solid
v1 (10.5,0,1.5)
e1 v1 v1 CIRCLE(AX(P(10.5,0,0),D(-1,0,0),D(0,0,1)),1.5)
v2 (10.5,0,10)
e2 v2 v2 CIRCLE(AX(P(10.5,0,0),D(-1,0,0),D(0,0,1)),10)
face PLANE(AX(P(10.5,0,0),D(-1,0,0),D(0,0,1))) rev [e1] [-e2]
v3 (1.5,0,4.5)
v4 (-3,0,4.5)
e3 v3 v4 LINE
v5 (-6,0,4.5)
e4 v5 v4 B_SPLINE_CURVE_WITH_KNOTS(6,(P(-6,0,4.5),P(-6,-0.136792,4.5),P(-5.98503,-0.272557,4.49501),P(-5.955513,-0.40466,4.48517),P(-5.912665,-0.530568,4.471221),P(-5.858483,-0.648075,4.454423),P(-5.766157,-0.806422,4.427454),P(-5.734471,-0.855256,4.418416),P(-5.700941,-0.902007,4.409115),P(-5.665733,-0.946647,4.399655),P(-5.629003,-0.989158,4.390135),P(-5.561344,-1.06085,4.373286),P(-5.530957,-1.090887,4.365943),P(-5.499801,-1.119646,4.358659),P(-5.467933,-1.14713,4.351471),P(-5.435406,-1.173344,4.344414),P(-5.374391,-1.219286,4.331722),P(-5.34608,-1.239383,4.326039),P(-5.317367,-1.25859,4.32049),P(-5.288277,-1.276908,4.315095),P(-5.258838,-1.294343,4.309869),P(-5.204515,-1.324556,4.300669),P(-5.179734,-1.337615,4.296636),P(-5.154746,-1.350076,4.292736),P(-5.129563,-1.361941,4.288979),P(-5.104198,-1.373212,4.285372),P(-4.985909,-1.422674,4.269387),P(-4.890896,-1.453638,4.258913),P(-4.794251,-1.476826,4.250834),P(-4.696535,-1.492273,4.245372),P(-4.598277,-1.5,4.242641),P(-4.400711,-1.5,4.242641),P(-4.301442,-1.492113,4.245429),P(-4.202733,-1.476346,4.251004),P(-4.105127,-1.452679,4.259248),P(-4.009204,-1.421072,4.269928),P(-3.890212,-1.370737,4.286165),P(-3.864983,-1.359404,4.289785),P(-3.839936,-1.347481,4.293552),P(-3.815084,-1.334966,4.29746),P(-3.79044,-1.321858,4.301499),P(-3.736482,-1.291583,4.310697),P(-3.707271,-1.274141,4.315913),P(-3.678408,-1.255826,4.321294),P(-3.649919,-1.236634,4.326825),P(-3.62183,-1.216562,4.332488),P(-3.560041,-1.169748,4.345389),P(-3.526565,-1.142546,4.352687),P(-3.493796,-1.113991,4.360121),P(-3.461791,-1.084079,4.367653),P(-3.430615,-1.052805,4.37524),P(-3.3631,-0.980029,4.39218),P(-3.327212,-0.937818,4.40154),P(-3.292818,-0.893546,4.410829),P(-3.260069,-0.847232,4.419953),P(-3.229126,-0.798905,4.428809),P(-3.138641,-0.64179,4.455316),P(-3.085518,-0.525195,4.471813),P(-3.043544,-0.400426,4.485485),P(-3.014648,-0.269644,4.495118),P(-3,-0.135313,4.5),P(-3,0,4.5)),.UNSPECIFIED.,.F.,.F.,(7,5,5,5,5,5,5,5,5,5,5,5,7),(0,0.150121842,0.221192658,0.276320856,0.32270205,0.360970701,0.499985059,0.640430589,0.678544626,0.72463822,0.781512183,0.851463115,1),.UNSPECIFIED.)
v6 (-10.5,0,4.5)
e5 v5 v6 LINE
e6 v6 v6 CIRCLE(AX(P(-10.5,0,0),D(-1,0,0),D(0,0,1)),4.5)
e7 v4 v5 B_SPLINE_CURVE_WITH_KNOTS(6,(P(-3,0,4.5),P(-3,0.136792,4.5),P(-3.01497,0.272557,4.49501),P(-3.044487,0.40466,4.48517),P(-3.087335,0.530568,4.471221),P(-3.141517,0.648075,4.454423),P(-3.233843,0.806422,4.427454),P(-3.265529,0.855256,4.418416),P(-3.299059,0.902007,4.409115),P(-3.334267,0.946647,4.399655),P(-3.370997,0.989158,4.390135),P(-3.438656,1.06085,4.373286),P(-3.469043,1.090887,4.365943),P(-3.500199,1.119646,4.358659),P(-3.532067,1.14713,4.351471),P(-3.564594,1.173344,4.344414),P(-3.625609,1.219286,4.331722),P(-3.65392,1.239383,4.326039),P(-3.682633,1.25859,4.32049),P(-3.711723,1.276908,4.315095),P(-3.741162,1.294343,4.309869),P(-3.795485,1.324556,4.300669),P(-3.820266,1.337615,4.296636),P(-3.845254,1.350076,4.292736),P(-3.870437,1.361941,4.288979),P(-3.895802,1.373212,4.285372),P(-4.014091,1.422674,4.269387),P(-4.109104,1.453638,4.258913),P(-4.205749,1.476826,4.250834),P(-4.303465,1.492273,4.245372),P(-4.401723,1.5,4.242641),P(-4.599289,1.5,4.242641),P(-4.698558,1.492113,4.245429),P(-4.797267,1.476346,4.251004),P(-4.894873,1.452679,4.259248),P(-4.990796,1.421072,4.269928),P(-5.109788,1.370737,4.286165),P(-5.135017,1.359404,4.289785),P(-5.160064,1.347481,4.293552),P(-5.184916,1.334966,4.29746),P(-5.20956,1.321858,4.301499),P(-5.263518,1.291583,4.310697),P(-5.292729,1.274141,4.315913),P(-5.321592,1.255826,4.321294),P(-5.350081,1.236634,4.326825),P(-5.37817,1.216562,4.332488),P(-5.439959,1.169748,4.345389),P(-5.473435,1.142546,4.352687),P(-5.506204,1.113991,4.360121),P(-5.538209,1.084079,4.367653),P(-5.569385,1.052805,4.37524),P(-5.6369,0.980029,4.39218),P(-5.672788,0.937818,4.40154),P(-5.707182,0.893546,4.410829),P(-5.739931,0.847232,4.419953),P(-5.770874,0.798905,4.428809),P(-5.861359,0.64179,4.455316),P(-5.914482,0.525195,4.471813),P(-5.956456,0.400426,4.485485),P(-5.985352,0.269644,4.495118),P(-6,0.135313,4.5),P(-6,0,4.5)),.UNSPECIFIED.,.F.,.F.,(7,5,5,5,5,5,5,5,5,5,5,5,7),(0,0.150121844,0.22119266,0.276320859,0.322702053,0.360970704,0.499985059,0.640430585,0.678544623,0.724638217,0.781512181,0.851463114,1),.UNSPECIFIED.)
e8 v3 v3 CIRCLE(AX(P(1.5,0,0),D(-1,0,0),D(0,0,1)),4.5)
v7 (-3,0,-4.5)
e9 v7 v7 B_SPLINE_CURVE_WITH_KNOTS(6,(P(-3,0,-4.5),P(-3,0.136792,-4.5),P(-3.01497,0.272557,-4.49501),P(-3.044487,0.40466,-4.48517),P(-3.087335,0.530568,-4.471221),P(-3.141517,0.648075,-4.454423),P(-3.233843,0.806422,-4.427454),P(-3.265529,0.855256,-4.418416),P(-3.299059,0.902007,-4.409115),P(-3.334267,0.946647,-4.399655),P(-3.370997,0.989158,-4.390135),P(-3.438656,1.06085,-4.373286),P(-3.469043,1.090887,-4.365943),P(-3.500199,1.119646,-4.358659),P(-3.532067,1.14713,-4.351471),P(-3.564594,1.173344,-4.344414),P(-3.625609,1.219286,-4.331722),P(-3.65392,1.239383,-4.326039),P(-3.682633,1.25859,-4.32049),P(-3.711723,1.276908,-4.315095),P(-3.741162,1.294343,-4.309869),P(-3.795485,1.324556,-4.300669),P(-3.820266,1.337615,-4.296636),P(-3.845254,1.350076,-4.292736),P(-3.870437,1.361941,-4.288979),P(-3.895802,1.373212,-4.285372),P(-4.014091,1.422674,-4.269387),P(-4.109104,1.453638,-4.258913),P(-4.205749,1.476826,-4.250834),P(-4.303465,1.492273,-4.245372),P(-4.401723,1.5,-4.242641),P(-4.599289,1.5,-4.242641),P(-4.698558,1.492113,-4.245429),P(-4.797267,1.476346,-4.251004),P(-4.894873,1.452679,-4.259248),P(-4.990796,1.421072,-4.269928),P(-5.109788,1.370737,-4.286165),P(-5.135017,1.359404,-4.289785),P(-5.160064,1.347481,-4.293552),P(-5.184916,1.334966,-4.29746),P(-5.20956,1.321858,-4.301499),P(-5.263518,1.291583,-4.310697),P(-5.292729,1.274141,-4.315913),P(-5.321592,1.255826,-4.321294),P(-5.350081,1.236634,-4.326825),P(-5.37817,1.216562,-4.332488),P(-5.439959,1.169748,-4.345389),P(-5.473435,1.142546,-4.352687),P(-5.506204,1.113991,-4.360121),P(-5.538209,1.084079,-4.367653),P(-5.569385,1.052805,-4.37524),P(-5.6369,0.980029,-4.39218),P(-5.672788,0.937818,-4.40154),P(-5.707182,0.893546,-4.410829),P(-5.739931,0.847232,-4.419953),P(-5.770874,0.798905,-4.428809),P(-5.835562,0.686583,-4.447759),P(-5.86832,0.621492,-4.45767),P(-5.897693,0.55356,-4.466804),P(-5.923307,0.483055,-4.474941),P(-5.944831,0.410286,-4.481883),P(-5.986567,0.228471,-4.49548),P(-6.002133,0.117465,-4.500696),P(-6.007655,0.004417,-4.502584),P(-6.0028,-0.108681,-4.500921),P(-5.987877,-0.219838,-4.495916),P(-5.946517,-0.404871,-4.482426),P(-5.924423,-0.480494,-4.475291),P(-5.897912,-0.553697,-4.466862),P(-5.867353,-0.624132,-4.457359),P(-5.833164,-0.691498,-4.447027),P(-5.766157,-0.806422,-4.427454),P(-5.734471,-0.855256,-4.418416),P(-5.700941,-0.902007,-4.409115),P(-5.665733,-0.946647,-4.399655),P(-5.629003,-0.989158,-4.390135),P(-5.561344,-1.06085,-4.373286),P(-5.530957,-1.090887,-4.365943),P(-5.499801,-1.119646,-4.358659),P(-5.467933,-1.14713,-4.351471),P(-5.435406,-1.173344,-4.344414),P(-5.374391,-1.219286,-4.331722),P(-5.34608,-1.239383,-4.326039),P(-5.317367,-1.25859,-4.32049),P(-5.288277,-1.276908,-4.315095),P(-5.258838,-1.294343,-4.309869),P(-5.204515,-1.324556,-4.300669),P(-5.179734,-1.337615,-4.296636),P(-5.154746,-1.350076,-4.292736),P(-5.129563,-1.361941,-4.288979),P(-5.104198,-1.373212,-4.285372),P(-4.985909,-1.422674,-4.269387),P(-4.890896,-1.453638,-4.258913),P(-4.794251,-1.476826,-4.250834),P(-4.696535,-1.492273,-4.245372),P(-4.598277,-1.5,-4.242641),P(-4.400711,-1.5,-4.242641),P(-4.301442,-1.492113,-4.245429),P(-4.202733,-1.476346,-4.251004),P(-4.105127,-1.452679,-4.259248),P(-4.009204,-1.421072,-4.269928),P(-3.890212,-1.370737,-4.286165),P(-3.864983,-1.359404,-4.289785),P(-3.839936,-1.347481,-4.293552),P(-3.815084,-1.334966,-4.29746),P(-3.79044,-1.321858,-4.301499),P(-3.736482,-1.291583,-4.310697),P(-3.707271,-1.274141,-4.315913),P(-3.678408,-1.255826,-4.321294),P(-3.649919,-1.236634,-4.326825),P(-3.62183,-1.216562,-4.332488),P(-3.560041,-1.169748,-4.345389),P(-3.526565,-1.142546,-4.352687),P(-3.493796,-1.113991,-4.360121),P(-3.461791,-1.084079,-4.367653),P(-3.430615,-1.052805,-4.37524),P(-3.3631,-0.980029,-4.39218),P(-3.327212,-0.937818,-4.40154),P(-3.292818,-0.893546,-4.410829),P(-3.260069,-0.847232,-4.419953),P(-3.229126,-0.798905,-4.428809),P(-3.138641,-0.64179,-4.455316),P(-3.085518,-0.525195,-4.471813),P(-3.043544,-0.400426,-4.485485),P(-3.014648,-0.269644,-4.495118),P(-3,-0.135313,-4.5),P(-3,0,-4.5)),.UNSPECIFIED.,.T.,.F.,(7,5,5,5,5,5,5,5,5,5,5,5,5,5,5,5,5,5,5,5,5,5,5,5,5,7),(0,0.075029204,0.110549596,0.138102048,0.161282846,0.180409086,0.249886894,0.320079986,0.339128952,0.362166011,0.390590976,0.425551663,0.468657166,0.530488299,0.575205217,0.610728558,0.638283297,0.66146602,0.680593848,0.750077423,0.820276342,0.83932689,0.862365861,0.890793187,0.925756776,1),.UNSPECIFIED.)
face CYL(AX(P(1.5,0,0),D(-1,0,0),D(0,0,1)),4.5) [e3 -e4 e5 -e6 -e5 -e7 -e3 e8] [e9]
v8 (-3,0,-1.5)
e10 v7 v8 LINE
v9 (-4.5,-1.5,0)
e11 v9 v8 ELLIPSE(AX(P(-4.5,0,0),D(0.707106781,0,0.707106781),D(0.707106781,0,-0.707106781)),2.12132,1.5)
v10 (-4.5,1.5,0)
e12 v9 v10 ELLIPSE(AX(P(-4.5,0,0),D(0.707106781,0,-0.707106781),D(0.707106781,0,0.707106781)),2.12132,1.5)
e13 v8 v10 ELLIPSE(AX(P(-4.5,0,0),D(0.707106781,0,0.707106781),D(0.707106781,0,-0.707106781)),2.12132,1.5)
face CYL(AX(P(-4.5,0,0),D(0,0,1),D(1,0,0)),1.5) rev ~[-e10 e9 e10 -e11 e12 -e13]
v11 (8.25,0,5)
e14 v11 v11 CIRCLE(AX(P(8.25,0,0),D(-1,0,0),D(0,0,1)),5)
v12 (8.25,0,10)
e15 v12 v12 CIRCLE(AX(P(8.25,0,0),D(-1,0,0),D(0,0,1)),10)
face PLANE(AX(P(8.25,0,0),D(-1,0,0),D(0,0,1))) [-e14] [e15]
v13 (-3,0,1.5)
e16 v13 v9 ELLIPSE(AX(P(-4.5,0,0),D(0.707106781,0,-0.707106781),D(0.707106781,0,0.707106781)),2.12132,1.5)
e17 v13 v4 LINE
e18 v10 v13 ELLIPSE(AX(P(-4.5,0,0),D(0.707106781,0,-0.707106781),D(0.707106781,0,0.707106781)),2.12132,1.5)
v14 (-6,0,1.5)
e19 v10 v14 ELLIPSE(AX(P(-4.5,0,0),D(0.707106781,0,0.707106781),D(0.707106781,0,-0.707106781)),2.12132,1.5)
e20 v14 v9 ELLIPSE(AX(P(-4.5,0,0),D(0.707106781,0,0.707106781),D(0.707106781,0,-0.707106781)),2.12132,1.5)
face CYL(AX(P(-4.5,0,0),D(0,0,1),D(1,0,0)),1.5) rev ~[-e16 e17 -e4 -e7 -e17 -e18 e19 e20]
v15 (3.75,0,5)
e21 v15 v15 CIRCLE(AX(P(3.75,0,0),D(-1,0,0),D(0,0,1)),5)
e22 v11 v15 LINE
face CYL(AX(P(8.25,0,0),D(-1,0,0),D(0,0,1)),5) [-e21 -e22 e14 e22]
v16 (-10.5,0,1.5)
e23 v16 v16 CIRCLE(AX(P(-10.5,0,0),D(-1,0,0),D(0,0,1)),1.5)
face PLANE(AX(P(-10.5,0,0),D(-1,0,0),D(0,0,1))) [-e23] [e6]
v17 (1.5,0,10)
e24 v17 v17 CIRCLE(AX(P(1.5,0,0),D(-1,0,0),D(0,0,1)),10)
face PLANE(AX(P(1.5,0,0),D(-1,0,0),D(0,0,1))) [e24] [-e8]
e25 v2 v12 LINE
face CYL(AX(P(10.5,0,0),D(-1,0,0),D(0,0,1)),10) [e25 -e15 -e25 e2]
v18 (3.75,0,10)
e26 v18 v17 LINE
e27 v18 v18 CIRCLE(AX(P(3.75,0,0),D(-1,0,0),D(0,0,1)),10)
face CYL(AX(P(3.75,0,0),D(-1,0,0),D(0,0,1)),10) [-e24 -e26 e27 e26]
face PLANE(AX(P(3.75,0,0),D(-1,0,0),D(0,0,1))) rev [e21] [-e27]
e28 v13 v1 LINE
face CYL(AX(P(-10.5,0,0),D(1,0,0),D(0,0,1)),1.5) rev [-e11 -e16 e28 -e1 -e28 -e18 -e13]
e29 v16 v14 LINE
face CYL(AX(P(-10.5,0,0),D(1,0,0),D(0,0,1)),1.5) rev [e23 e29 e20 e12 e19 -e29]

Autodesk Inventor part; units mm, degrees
ref_plane "YZ Plane" through (0, 0, 0) normal (1, 0, 0) x (0, 1, 0)
ref_plane "XZ Plane" through (0, 0, 0) normal (0, 1, 0) x (-1, 0, 0)
ref_plane "XY Plane" through (0, 0, 0) normal (0, 0, 1) x (1, 0, 0)
sketch "Sketch1" plane through (0, 0, 0) normal (0, 1, 0) x (-1, 0, 0)
  line L0 (-10.5, 0) -> (10.5, 0)
  line L1 (-10.5, 1.5) -> (-10.5, 10)
  line L2 (-10.5, 10) -> (-8.25, 10)
  line L3 (-8.25, 10) -> (-8.25, 5)
  line L4 (-8.25, 5) -> (-3.75, 5)
  line L5 (-3.75, 5) -> (-3.75, 10)
  line L6 (-3.75, 10) -> (-1.5, 10)
  line L7 (-1.5, 10) -> (-1.5, 4.5)
  line L8 (-1.5, 4.5) -> (10.5, 4.5)
  line L9 (10.5, 4.5) -> (10.5, 1.5)
  line L10 (10.5, 1.5) -> (-10.5, 1.5)
  line L11 (-10.5, 1.5) -> (-10.5, 0) construction
  line L12 (10.5, 1.5) -> (10.5, 0) construction
  line L13 (-8.25, 10) -> (-3.75, 10) construction
  line L14 (-6, 5) -> (-6, 1.5) construction
  line L15 (4.5, 4) -> (4.5, 1.5) construction
  point P0 (0, 0)
  point P1 (0, 0)
  dimension "d0" = 21
  dimension "d1" = 3
  dimension "d2" = 20
  dimension "d3" = 10
  dimension "d4" = 9
  dimension "d5" = 4.5
  dimension "d6" = 16.5
  dimension "d7" = 12
  dimension "d10" = 6
revolve "Revolution1" add sketch "Sketch1" angle 360 about axis through (10.5, 0, 0) along (-1, 0, 0)
sketch "Sketch2" plane through (0, 0, 0) normal (0, 0, 1) x (1, 0, 0)
  circle A0 centre (-4.5, 0) radius 1.5
  line L0 (-3.5, 4) -> (-3.5, -4) projected
  line L1 (-5.5, 4) -> (-5.5, -4) projected
  line L2 (-3.5, 0) -> (-5.5, 0) construction
  line L3 (1.5, 4.5) -> (1.5, -4.5) construction
  point P0 (0, 0)
  dimension "d12" = 3
extrude "Extrusion1" cut sketch "Sketch2" along normal through all both and the other way through all
thread "Thread1" size "M3x0.5" class "6H" standard "ANSI Metric M Profile" full length
equation "\"d13\" = d12"
properties part number "slider-2" material "Brass, Soft Yellow"
